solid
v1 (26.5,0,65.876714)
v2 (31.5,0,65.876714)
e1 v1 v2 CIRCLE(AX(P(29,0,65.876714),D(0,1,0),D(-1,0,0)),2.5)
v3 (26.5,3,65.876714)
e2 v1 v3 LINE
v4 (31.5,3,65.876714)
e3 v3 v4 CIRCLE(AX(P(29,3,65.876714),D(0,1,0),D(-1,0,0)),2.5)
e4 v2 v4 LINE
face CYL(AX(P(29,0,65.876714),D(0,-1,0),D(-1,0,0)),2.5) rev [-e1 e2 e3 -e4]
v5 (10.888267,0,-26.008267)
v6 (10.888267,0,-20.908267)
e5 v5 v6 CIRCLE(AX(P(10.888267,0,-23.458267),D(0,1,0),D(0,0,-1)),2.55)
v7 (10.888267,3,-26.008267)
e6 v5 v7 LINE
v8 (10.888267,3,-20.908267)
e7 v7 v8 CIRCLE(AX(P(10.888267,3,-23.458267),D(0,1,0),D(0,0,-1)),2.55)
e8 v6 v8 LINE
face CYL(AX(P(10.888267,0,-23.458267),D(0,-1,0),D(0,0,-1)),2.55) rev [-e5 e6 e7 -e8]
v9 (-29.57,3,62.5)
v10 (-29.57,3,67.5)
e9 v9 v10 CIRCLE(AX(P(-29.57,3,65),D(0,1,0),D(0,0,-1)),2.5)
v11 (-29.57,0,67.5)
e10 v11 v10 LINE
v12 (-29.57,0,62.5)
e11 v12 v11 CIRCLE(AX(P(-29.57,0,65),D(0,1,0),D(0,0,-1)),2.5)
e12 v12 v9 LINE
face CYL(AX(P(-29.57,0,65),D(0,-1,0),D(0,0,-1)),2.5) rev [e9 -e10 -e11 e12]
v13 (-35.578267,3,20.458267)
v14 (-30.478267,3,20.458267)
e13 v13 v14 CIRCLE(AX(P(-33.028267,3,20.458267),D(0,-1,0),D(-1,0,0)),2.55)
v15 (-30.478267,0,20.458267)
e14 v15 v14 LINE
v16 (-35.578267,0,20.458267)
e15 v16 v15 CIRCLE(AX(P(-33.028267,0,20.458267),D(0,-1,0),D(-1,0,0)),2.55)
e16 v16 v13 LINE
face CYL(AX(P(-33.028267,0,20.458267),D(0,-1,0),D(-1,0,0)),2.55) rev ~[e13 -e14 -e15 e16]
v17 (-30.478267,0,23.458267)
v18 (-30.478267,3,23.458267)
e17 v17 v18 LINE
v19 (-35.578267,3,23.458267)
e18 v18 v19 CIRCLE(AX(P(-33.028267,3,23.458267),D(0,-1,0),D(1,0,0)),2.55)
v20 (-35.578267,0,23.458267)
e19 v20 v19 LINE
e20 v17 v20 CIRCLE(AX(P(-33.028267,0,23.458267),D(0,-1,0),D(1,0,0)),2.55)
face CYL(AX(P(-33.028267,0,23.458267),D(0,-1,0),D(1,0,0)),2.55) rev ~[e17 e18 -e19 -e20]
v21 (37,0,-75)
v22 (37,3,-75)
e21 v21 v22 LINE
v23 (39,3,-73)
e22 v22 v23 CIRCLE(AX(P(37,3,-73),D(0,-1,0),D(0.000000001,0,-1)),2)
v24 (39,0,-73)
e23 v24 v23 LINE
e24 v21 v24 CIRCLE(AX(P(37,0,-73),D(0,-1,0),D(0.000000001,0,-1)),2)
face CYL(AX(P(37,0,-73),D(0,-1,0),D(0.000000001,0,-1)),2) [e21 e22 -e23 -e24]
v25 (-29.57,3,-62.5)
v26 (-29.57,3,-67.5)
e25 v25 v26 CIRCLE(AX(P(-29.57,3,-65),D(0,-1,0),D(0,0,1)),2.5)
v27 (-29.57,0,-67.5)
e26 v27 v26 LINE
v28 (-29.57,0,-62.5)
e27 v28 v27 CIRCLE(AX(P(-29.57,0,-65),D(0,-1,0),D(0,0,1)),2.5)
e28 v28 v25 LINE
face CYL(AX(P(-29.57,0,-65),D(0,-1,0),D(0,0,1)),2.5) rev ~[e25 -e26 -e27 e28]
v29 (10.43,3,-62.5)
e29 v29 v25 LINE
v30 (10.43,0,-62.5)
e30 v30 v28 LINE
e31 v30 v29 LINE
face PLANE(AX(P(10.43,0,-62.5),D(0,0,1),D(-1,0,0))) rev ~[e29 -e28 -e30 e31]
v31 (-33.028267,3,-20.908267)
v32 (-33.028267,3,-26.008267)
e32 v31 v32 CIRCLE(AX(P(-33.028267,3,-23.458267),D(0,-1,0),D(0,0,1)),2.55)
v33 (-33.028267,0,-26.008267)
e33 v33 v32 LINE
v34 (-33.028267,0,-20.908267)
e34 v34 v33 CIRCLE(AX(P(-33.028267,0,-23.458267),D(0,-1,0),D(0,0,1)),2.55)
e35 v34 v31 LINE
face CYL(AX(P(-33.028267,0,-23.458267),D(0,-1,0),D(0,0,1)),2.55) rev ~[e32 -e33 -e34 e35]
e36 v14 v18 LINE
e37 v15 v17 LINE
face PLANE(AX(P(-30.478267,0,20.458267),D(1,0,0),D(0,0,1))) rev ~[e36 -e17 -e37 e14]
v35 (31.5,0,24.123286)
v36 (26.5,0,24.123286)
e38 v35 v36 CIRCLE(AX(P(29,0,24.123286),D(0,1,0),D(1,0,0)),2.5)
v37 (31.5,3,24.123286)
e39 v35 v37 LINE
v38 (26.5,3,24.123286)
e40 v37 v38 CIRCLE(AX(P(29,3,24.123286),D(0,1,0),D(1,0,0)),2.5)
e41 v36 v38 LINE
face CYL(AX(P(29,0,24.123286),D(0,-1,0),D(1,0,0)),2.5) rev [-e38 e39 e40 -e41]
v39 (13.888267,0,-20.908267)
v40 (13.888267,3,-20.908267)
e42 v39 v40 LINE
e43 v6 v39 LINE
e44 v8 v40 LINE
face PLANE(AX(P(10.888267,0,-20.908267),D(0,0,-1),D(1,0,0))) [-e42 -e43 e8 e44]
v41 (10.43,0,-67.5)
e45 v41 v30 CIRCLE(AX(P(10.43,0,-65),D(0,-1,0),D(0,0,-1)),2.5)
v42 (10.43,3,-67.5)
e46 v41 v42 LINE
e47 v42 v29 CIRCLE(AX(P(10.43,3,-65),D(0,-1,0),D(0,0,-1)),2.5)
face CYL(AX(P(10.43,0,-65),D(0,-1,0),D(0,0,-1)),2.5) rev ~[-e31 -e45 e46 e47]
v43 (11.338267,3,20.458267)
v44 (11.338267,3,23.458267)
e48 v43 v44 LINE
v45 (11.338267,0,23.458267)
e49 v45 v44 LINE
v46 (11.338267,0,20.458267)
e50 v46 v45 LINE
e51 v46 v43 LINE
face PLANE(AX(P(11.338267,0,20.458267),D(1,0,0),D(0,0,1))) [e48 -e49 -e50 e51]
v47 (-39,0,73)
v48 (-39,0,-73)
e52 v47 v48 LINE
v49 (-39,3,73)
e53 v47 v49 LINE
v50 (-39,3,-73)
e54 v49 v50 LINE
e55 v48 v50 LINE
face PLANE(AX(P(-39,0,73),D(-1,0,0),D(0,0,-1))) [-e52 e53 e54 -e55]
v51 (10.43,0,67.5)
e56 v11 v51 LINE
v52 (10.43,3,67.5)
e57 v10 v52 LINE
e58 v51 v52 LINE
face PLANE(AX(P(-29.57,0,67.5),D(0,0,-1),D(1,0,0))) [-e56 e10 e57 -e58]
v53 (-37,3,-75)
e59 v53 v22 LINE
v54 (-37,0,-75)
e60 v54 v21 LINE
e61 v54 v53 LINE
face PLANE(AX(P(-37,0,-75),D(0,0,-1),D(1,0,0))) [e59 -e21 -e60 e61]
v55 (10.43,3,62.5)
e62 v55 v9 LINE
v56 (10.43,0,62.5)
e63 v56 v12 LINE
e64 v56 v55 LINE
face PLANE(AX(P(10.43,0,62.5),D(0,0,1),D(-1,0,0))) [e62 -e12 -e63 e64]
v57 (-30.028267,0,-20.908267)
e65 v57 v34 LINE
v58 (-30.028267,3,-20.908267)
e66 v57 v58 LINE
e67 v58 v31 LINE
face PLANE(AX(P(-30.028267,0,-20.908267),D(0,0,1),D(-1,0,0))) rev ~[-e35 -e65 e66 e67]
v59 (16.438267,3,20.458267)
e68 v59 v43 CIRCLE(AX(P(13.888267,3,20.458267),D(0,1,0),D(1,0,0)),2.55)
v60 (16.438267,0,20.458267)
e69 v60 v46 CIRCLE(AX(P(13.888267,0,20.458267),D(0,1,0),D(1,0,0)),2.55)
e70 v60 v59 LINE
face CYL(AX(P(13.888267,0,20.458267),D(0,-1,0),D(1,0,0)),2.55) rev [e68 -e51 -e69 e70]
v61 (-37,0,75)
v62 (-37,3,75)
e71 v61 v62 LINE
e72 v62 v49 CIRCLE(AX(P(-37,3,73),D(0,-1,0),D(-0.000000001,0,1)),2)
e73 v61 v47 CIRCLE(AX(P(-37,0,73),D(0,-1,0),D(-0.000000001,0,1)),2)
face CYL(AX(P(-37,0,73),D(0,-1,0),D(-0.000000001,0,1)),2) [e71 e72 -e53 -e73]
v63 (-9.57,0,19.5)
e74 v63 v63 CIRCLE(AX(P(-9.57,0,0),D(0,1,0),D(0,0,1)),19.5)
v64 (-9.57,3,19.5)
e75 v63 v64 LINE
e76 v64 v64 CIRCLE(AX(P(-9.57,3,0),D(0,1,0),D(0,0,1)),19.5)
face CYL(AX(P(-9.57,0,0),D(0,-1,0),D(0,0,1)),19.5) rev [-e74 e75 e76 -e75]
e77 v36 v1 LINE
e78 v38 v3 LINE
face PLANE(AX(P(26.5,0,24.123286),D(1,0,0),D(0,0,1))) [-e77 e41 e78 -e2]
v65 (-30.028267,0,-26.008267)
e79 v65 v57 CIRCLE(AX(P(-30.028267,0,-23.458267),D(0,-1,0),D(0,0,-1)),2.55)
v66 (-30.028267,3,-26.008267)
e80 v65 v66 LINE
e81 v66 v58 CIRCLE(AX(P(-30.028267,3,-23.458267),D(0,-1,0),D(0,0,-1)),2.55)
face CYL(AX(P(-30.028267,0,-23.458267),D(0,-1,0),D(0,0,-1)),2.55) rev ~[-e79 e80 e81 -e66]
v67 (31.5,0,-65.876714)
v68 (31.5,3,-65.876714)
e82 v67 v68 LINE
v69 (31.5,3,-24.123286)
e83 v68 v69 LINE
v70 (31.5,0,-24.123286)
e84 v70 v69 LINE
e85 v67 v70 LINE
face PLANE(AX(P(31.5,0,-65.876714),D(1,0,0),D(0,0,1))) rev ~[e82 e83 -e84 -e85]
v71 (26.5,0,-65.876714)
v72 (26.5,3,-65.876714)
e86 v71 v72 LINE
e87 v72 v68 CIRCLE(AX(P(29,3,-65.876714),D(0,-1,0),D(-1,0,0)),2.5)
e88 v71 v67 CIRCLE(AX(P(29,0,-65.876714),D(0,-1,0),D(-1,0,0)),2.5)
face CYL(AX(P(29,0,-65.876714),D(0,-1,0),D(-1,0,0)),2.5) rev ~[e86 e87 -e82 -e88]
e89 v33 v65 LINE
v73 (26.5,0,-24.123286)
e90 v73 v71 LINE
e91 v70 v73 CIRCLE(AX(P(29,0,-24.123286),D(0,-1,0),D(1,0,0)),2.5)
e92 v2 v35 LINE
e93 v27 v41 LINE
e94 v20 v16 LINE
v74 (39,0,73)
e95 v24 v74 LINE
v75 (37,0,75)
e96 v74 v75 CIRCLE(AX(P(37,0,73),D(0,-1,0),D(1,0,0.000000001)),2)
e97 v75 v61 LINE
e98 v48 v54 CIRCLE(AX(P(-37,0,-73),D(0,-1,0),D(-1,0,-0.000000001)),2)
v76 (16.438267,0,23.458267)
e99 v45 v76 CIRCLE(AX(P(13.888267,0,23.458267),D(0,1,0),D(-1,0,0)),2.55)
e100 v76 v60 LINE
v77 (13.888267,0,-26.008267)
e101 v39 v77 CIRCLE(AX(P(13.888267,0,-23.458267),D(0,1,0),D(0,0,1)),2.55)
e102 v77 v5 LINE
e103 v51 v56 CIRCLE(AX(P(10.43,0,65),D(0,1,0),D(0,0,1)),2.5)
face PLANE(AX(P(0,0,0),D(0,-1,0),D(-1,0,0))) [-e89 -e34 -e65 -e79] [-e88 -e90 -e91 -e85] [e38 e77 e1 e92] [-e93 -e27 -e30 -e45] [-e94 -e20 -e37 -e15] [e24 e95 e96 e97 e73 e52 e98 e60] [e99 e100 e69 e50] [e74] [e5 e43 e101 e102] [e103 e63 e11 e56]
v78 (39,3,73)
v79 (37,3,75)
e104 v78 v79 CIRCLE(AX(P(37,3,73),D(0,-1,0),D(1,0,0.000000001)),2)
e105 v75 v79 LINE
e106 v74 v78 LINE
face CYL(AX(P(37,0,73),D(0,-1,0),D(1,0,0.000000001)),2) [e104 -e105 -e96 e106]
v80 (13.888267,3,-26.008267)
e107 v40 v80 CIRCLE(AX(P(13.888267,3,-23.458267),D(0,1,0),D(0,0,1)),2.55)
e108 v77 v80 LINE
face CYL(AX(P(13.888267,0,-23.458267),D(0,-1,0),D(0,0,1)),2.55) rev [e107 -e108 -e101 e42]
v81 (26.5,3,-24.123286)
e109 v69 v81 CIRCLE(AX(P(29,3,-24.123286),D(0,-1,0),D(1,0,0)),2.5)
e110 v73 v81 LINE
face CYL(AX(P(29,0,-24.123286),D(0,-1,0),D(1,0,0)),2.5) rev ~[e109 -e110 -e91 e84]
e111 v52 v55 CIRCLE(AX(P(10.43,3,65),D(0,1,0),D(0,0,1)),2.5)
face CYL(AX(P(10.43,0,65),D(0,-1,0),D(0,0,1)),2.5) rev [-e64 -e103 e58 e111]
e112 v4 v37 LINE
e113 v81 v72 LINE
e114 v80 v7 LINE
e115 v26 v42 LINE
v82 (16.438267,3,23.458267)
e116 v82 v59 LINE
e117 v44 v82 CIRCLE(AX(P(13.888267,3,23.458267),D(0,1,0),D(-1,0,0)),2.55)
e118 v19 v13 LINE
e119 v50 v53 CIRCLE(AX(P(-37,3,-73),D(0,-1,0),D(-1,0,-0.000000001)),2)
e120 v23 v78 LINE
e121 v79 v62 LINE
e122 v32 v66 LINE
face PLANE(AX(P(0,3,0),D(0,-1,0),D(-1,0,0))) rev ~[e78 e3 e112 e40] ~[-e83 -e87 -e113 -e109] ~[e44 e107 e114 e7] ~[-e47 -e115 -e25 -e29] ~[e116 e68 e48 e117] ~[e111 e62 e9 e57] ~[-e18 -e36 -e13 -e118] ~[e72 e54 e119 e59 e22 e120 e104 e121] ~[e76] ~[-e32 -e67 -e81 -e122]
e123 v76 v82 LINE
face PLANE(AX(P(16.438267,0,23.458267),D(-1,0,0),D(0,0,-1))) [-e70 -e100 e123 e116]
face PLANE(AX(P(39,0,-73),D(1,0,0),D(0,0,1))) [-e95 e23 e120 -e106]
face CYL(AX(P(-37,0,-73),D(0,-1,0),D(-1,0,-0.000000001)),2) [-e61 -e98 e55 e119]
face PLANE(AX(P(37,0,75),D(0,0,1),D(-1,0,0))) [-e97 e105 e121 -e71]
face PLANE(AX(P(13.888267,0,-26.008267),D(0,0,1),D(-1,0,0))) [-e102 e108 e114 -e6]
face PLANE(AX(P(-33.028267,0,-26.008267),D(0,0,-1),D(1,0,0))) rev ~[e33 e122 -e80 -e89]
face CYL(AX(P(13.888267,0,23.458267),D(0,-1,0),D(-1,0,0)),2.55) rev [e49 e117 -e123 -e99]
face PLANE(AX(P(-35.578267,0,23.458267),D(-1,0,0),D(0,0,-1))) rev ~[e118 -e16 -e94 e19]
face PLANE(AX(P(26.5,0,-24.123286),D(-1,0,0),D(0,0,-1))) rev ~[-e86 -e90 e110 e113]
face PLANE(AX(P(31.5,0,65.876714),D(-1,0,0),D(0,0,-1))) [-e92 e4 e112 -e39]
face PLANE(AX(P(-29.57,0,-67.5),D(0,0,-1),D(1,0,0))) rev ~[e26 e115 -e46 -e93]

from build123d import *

# Parameters (mm, degrees)
SKETCH1_R           = 19.5
BOSS_EXTRUDE1_DEPTH = 3


with BuildPart() as part:
    # Sketch1 → Boss-Extrude1 (new body)
    with BuildSketch(Plane(origin=(0, 0, 0), x_dir=(1, 0, 0), z_dir=(0, 1, 0))):
        with BuildLine():
            Line((-37, 75), (37, 75))
            ThreePointArc((37, 75), (38.414213562, 74.414213562), (39, 73))
            Line((39, 73), (39, -73))
            ThreePointArc((39, -73), (38.414213562, -74.414213562), (37, -75))
            Line((37, -75), (-37, -75))
            ThreePointArc((-37, -75), (-38.414213562, -74.414213562), (-39, -73))
            Line((-39, -73), (-39, 73))
            ThreePointArc((-39, 73), (-38.414213562, 74.414213562), (-37, 75))
        make_face()
        with Locations(Location((-9.57, 0, 0), (0, 0, 270))):
            Circle(SKETCH1_R, mode=Mode.SUBTRACT)
        with BuildLine():
            Line((31.5, 65.876713653), (31.5, 24.123286347))
            ThreePointArc((31.5, 24.123286347), (29, 21.623286347), (26.5, 24.123286347))
            Line((26.5, 24.123286347), (26.5, 65.876713653))
            ThreePointArc((26.5, 65.876713653), (29, 68.376713653), (31.5, 65.876713653))
        make_face(mode=Mode.SUBTRACT)
        with BuildLine():
            Line((31.5, -65.876713653), (31.5, -24.123286347))
            ThreePointArc((31.5, -24.123286347), (29, -21.623286347), (26.5, -24.123286347))
            Line((26.5, -24.123286347), (26.5, -65.876713653))
            ThreePointArc((26.5, -65.876713653), (29, -68.376713653), (31.5, -65.876713653))
        make_face(mode=Mode.SUBTRACT)
        with BuildLine():
            Line((-29.57, 67.5), (10.43, 67.5))
            ThreePointArc((10.43, 67.5), (12.93, 65), (10.43, 62.5))
            Line((10.43, 62.5), (-29.57, 62.5))
            ThreePointArc((-29.57, 62.5), (-32.07, 65), (-29.57, 67.5))
        make_face(mode=Mode.SUBTRACT)
        with BuildLine():
            Line((-29.57, -67.5), (10.43, -67.5))
            ThreePointArc((10.43, -67.5), (12.93, -65), (10.43, -62.5))
            Line((10.43, -62.5), (-29.57, -62.5))
            ThreePointArc((-29.57, -62.5), (-32.07, -65), (-29.57, -67.5))
        make_face(mode=Mode.SUBTRACT)
        with BuildLine():
            Line((-33.028267466, 26.008267466), (-30.028267466, 26.008267466))
            ThreePointArc((-30.028267466, 26.008267466), (-27.478267466, 23.458267466), (-30.028267466, 20.908267466))
            Line((-30.028267466, 20.908267466), (-33.028267466, 20.908267466))
            ThreePointArc((-33.028267466, 20.908267466), (-35.578267466, 23.458267466), (-33.028267466, 26.008267466))
        make_face(mode=Mode.SUBTRACT)
        with BuildLine():
            Line((13.888267466, 26.008267466), (10.888267466, 26.008267466))
            ThreePointArc((10.888267466, 26.008267466), (8.338267466, 23.458267466), (10.888267466, 20.908267466))
            Line((10.888267466, 20.908267466), (13.888267466, 20.908267466))
            ThreePointArc((13.888267466, 20.908267466), (16.438267466, 23.458267466), (13.888267466, 26.008267466))
        make_face(mode=Mode.SUBTRACT)
        with BuildLine():
            Line((-35.578267466, -23.458267466), (-35.578267466, -20.458267466))
            ThreePointArc((-35.578267466, -20.458267466), (-33.028267466, -17.908267466), (-30.478267466, -20.458267466))
            Line((-30.478267466, -20.458267466), (-30.478267466, -23.458267466))
            ThreePointArc((-30.478267466, -23.458267466), (-33.028267466, -26.008267466), (-35.578267466, -23.458267466))
        make_face(mode=Mode.SUBTRACT)
        with BuildLine():
            Line((16.438267466, -23.458267466), (16.438267466, -20.458267466))
            ThreePointArc((16.438267466, -20.458267466), (13.888267466, -17.908267466), (11.338267466, -20.458267466))
            Line((11.338267466, -20.458267466), (11.338267466, -23.458267466))
            ThreePointArc((11.338267466, -23.458267466), (13.888267466, -26.008267466), (16.438267466, -23.458267466))
        make_face(mode=Mode.SUBTRACT)
    extrude(amount=BOSS_EXTRUDE1_DEPTH)


solid = part.part
